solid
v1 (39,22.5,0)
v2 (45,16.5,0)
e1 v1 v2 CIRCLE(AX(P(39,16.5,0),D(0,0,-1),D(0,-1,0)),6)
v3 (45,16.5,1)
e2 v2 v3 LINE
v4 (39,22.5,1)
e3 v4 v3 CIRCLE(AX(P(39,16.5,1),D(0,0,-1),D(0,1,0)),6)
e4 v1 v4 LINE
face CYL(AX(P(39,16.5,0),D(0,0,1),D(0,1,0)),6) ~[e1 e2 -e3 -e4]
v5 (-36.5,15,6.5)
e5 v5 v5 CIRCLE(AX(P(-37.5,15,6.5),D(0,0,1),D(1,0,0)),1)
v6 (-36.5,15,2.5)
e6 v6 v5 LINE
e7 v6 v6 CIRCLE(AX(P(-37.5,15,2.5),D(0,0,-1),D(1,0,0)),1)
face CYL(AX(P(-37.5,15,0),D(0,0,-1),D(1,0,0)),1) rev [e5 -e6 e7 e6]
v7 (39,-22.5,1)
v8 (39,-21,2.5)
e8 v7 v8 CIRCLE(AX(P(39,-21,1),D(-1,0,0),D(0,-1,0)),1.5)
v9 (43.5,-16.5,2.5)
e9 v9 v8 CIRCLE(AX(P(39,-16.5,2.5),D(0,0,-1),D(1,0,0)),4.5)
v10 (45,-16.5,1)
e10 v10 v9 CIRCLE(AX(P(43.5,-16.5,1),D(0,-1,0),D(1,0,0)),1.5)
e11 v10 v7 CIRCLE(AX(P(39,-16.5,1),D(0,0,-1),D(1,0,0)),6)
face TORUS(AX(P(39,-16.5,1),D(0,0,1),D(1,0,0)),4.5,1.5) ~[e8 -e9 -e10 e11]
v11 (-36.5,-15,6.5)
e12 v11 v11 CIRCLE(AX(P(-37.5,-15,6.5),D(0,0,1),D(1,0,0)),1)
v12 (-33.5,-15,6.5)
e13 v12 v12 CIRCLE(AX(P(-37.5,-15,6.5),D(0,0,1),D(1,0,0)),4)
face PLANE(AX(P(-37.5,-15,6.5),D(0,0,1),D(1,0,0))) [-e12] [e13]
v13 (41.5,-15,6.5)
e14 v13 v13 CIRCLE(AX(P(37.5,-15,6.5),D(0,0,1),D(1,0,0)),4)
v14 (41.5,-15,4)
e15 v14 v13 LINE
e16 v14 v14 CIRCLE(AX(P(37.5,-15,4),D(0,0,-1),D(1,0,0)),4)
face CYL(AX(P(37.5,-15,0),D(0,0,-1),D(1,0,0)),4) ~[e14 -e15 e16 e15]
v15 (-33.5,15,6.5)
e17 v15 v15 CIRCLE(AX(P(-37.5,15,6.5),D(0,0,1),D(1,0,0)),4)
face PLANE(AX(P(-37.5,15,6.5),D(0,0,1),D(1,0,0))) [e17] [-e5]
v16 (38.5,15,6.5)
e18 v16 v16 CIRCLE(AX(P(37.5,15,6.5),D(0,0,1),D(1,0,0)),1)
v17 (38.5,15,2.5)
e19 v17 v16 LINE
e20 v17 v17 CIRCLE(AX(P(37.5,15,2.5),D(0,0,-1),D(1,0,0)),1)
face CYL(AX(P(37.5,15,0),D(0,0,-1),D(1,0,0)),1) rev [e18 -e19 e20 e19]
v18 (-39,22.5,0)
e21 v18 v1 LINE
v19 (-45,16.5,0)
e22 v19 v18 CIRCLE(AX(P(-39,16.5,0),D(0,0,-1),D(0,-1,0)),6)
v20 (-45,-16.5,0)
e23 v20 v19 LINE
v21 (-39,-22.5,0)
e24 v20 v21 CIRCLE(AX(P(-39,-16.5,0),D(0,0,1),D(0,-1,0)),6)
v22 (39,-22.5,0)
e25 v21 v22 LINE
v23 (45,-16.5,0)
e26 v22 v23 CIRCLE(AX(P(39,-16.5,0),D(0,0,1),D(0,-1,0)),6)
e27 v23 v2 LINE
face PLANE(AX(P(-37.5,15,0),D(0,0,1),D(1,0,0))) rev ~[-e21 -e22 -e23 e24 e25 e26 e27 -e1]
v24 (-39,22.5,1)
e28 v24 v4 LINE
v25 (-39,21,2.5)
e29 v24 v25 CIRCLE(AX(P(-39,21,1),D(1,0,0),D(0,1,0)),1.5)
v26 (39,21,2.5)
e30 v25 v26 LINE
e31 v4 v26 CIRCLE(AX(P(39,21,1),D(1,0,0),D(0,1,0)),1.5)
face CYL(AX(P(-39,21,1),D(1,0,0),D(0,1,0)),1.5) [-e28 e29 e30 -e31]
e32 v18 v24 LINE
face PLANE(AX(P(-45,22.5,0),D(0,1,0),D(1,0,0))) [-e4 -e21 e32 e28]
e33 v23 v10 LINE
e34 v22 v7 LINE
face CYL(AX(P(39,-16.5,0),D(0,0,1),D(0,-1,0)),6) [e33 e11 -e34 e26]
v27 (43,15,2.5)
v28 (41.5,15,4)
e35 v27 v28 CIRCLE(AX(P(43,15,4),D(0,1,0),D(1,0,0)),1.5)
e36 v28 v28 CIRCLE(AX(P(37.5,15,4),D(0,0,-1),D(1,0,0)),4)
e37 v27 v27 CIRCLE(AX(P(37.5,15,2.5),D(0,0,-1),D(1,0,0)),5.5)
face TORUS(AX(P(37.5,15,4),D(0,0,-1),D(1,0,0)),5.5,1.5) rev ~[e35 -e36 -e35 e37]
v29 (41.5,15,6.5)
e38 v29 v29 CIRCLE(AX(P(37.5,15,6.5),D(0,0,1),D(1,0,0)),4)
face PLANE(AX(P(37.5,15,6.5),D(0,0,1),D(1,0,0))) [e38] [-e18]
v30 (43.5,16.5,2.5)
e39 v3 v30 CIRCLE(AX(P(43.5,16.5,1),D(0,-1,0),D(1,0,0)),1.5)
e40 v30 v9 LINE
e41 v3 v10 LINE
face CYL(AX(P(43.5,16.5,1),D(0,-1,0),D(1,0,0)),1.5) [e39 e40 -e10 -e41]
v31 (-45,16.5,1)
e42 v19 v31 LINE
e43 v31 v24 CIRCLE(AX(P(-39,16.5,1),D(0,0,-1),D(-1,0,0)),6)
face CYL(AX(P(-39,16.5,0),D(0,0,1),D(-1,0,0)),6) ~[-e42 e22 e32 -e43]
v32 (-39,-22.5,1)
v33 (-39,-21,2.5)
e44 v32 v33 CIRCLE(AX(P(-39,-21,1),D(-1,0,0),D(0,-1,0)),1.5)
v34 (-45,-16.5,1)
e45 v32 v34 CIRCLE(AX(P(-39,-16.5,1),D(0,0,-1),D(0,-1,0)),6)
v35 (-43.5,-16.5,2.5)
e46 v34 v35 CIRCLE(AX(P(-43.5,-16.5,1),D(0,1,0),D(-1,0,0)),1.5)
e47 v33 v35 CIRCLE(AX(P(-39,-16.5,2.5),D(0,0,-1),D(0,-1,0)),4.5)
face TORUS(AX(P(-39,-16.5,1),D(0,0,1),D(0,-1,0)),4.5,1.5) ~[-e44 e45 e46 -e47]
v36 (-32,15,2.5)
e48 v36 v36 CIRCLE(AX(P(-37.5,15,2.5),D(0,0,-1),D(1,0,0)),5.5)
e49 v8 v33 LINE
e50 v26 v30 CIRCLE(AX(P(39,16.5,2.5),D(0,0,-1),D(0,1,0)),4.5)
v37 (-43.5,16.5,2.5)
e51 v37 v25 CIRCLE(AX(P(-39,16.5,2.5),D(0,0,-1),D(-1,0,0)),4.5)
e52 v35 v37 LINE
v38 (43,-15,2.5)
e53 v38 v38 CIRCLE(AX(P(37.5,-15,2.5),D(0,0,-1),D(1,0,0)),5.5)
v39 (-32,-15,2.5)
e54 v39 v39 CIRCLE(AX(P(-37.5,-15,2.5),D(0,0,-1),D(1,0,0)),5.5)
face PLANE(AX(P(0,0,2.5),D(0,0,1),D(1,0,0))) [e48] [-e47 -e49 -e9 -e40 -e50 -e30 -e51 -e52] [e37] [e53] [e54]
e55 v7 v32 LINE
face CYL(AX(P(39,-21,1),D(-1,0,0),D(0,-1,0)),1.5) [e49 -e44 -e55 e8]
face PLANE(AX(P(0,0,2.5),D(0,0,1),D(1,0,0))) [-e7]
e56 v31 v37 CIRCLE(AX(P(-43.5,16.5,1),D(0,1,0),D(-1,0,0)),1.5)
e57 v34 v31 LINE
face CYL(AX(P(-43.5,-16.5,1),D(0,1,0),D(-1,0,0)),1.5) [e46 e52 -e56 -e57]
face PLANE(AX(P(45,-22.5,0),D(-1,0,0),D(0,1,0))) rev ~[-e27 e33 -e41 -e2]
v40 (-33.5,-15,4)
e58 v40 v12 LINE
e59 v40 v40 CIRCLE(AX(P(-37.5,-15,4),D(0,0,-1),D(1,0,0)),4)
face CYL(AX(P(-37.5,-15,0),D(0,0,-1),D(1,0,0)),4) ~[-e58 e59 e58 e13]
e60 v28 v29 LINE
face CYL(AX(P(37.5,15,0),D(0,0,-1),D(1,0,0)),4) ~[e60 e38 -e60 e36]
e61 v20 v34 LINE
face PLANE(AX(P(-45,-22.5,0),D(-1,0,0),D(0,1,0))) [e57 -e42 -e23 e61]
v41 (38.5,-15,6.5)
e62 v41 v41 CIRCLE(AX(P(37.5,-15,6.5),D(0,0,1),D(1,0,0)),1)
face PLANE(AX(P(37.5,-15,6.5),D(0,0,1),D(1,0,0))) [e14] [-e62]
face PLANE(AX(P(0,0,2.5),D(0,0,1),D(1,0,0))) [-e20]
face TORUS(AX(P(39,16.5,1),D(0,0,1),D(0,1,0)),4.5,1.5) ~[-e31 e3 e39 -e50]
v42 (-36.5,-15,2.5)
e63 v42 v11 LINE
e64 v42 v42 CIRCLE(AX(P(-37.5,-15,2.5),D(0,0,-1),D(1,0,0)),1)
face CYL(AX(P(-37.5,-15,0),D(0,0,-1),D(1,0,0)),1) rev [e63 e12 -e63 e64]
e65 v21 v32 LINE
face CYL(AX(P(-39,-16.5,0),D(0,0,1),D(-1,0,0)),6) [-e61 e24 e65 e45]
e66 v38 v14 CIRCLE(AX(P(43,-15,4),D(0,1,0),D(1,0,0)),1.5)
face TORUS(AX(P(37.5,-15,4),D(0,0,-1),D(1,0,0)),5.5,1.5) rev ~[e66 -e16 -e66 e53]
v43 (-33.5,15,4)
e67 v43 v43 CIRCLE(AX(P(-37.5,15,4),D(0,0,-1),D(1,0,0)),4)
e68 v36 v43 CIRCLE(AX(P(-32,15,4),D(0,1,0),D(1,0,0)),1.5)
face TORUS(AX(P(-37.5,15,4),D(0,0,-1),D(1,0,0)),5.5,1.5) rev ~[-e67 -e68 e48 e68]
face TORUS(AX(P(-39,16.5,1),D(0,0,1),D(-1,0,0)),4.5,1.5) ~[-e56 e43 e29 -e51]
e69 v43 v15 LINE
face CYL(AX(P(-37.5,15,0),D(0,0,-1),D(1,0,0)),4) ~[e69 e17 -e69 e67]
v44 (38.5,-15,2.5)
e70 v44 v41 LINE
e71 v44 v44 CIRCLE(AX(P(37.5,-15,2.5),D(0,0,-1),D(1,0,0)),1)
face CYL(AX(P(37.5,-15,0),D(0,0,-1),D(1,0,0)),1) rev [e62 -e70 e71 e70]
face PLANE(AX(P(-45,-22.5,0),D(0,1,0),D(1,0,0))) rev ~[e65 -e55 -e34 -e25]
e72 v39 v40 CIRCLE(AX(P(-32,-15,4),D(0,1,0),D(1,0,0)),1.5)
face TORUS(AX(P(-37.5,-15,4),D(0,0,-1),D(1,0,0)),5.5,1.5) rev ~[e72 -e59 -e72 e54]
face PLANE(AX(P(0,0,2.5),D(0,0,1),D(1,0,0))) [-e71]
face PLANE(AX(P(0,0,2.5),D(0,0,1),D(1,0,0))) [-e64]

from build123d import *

# Parameters (mm, degrees)
SKETCH001_W  = 90
SKETCH001_H  = 45
PAD_DEPTH    = 2.5
SKETCH_R     = 4
SKETCH_R_2   = 1
PAD001_DEPTH = 6.5
FILLET_R     = 6
FILLET001_R  = 1.5


with BuildPart() as part:
    # Sketch001 → Pad (new body)
    with BuildSketch(Plane.XY):
        Rectangle(SKETCH001_W, SKETCH001_H)
    extrude(amount=PAD_DEPTH)

    # Sketch → Pad001 (join)
    with BuildSketch(Plane.XY):
        with Locations((-37.5, 15)):
            Circle(SKETCH_R)
        with Locations((-37.5, 15)):
            Circle(SKETCH_R_2, mode=Mode.SUBTRACT)
        with Locations((37.5, 15)):
            Circle(SKETCH_R)
        with Locations((37.5, 15)):
            Circle(SKETCH_R_2, mode=Mode.SUBTRACT)
        with Locations((37.5, -15)):
            Circle(SKETCH_R)
        with Locations((37.5, -15)):
            Circle(SKETCH_R_2, mode=Mode.SUBTRACT)
        with Locations((-37.5, -15)):
            Circle(SKETCH_R)
        with Locations((-37.5, -15)):
            Circle(SKETCH_R_2, mode=Mode.SUBTRACT)
    extrude(amount=PAD001_DEPTH)

    # Fillet
    fillet_edges = [part.edges().sort_by_distance(p)[0] for p in [
        (45, -22.5, 1.25),
        (45, 22.5, 1.25),
        (-45, 22.5, 1.25),
        (-45, -22.5, 1.25),
    ]]
    fillet(fillet_edges, radius=FILLET_R)

    # Fillet001
    fillet001_edges = [part.edges().sort_by_distance(p)[0] for p in [
        (-45, 0, 2.5),
        (-43.242641, 20.742641, 2.5),
        (-43.242641, -20.742641, 2.5),
        (0, 22.5, 2.5),
        (0, -22.5, 2.5),
        (43.242641, 20.742641, 2.5),
        (43.242641, -20.742641, 2.5),
        (45, 0, 2.5),
        (-41.5, -15, 2.5),
        (33.5, -15, 2.5),
        (-41.5, 15, 2.5),
        (33.5, 15, 2.5),
    ]]
    fillet(fillet001_edges, radius=FILLET001_R)


solid = part.part
